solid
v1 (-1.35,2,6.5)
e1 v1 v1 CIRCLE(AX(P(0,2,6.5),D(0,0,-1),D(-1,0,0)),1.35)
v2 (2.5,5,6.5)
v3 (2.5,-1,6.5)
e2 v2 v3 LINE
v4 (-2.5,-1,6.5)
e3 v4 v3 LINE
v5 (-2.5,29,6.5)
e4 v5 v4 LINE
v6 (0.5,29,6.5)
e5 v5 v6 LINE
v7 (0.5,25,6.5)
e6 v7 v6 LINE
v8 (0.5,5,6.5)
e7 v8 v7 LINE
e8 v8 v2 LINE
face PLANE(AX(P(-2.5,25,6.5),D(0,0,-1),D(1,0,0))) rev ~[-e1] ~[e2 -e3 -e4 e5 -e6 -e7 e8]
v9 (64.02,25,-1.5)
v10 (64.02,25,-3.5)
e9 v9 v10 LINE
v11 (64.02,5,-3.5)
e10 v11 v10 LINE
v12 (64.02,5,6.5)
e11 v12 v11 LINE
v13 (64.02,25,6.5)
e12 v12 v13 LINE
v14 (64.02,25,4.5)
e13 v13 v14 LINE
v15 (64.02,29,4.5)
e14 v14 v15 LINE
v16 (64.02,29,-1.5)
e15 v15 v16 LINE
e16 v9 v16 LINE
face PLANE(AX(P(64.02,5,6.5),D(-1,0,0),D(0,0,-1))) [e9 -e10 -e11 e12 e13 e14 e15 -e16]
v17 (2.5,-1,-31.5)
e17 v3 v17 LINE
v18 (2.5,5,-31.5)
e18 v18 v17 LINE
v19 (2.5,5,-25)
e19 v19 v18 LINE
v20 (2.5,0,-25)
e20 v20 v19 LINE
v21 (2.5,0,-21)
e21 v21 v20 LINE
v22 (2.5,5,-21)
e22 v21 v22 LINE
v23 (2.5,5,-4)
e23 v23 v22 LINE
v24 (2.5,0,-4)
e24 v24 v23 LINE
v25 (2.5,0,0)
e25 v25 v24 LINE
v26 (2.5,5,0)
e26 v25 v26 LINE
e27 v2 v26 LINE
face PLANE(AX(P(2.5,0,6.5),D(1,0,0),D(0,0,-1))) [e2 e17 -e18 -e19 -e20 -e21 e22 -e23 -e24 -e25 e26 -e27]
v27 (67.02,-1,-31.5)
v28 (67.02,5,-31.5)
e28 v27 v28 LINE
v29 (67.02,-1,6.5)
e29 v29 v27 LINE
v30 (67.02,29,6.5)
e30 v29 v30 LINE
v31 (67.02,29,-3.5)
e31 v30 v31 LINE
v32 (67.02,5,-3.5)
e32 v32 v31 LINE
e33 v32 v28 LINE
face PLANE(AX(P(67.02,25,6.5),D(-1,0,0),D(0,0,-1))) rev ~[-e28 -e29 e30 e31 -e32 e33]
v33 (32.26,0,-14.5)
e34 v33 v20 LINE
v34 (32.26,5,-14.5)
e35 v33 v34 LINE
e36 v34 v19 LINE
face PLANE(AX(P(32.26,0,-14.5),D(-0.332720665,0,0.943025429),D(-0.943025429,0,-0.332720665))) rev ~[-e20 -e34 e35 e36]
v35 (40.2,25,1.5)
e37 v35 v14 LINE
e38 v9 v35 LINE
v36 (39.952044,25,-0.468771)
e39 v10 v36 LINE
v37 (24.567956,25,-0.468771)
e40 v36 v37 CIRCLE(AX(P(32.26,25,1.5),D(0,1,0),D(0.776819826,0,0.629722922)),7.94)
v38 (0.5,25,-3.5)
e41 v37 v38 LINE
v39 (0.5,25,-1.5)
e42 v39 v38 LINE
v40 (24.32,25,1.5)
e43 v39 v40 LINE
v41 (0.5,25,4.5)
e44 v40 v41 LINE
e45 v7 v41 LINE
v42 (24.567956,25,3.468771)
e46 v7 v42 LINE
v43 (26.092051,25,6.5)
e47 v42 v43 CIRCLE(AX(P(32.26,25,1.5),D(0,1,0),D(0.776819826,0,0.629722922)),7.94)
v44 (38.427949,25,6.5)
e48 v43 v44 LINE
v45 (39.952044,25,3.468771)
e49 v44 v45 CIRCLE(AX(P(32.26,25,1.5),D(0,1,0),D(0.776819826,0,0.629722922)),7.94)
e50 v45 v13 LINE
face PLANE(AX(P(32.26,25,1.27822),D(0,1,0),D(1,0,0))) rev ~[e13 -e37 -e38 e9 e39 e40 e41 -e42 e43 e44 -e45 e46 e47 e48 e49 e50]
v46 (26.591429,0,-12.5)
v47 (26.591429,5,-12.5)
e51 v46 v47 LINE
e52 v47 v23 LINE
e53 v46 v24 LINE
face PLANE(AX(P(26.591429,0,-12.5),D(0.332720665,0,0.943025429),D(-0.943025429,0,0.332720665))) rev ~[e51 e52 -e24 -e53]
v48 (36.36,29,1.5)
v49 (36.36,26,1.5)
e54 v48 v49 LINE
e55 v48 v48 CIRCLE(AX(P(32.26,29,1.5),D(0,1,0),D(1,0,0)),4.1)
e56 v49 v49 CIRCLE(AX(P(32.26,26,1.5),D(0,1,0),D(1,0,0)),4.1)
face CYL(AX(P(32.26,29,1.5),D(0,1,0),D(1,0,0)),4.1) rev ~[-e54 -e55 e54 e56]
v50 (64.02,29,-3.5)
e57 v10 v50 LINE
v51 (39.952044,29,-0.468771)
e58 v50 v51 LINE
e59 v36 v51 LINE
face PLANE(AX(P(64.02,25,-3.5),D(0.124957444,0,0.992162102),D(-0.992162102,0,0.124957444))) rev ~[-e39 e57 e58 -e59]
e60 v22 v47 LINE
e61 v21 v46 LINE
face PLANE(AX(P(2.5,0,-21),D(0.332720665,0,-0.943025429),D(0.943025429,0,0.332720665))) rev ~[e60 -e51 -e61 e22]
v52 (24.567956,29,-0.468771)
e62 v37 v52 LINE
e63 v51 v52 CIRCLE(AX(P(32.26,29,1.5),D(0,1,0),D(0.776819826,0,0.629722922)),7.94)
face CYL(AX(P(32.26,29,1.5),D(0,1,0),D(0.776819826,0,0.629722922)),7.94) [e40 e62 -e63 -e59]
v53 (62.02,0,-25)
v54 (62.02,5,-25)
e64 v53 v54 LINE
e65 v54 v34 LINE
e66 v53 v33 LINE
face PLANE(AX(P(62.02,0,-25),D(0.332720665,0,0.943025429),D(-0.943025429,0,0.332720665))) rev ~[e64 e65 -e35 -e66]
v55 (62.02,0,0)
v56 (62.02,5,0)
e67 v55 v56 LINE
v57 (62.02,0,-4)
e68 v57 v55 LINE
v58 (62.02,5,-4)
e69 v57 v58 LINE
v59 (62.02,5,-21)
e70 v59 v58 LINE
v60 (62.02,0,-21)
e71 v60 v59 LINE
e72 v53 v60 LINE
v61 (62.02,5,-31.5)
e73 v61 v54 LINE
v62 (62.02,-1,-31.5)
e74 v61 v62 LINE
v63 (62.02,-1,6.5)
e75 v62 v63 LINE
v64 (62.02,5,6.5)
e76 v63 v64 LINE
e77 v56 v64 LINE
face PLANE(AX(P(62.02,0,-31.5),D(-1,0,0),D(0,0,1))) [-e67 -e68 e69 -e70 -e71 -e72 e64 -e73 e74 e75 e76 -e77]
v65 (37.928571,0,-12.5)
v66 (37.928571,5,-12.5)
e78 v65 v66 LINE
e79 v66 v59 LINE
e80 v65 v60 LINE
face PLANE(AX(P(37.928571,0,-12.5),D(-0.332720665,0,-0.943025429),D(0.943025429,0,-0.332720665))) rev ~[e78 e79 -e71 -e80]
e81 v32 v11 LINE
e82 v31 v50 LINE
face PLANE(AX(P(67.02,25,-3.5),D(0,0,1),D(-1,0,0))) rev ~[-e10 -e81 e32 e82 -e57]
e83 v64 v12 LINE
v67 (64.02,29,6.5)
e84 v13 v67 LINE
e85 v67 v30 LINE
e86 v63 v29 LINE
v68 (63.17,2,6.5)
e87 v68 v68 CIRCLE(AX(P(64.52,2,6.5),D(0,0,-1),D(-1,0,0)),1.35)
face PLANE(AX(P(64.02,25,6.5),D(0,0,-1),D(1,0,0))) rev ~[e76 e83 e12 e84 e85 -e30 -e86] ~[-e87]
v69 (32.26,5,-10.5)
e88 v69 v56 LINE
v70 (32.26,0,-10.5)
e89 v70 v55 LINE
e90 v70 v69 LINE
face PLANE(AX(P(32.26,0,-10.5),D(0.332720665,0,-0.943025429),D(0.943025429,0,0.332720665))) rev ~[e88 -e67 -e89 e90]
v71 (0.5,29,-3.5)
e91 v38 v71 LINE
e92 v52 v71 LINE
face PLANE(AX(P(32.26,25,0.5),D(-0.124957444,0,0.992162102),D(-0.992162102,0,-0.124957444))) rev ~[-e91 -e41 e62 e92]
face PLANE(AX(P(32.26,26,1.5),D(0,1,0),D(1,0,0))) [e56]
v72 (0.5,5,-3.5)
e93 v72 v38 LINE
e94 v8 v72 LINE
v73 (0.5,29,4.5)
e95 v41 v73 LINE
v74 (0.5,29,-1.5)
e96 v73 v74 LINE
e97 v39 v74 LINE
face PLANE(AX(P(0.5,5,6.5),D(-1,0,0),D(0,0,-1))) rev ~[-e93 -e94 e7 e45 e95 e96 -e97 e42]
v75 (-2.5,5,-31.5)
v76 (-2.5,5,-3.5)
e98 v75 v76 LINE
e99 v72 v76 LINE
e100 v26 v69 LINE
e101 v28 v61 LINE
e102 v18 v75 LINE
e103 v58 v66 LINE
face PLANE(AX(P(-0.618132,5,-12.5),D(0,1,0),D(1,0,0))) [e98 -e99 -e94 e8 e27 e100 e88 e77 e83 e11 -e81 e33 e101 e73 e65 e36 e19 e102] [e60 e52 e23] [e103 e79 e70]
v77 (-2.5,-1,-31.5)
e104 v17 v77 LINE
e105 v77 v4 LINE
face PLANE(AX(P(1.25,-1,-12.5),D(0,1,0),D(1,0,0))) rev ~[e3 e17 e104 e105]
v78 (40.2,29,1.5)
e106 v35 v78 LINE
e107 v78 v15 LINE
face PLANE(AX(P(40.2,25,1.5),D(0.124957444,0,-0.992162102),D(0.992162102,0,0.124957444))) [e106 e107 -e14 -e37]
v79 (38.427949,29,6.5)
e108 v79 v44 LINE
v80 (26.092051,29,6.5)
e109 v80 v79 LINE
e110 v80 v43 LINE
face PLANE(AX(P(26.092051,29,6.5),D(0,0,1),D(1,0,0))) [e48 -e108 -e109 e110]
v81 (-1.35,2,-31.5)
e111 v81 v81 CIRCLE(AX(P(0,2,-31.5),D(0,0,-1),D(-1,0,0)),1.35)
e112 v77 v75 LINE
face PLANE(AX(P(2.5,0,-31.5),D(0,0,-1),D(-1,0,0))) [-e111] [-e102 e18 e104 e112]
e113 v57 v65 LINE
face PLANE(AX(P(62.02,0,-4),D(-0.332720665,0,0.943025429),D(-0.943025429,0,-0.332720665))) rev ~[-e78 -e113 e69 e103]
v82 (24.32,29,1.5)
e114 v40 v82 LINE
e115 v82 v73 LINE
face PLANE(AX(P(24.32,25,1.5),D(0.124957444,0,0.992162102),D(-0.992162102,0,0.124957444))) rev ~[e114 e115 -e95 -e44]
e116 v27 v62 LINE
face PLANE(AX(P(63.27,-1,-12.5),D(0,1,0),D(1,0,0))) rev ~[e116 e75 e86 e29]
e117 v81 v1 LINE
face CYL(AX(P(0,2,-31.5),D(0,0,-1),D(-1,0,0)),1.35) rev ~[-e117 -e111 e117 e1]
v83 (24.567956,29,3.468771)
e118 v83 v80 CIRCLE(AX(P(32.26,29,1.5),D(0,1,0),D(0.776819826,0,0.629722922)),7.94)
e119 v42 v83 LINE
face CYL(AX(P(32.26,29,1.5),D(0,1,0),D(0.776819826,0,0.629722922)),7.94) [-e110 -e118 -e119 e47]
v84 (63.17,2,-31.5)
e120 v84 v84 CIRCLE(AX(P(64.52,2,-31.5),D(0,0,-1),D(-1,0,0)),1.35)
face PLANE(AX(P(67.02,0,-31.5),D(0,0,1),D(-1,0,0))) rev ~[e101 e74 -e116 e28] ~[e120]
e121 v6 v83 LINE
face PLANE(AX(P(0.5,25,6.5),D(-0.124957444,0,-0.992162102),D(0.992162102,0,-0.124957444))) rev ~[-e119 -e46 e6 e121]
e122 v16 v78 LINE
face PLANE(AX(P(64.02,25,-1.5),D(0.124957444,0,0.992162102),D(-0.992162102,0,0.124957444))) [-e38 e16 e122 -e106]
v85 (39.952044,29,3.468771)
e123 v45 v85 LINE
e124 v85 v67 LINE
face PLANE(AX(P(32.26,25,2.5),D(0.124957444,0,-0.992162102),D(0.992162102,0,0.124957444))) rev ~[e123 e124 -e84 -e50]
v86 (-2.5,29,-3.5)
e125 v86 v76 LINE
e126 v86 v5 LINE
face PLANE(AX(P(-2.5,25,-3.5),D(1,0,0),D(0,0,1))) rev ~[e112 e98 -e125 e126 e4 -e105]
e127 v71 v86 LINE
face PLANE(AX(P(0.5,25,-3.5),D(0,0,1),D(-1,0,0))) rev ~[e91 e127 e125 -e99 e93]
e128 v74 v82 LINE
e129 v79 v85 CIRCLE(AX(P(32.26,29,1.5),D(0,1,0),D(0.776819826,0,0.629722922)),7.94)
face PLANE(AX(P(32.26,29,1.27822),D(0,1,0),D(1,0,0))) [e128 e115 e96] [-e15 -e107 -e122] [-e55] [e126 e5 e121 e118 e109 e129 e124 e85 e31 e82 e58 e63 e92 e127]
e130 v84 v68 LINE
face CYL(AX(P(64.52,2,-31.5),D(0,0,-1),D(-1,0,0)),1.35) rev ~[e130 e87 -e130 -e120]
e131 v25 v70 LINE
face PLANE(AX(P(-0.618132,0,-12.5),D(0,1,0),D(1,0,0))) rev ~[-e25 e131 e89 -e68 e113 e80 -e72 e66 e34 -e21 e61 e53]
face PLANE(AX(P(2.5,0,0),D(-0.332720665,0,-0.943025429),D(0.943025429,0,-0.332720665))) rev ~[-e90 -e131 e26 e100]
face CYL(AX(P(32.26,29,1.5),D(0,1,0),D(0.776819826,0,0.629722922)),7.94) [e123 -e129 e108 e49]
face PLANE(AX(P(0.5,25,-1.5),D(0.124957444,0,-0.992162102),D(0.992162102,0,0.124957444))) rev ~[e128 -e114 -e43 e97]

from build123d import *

# Parameters (mm, degrees)
BOSS_EXTRUDE1_DEPTH     = 5
BOSS_EXTRUDE2_DEPTH     = 1
SKETCH2_R               = 1.35
CUT_EXTRUDE1_DEPTH      = 39
BOSS_EXTRUDE3_START     = -6
SKETCH3_W               = 3
SKETCH3_H               = 10
BOSS_EXTRUDE3_DEPTH     = 20
BOSS_EXTRU_1_DEPTH      = 4
BOSS_EXTRU_2_DEPTH      = 4
ESQUISSE2_R             = 4.1
ENL_V_MAT_EXTRU_1_DEPTH = 3


with BuildPart() as part:
    # Sketch1 → Boss-Extrude1 (new body)
    with BuildSketch(Plane(origin=(0, 0, 0), x_dir=(1, 0, 0), z_dir=(0, 1, 0))):
        Polygon((2.5, 0), (0, 0), (0, 25), (2.5, 25), (2.5, 31.5), (-2.5, 31.5), (-2.5, -6.5), (2.5, -6.5), align=None)
        Polygon((0, 25), (0, 0), (2.5, 0), (2.5, 4), (2.5, 21), (2.5, 25), align=None)
        Polygon((32.26, 14.5), (2.5, 25), (2.5, 21), (26.591428571, 12.5), align=None)
        Polygon((26.591428571, 12.5), (32.26, 10.5), (37.928571429, 12.5), (32.26, 14.5), align=None)
        Polygon((32.26, 14.5), (37.928571429, 12.5), (62.02, 21), (62.02, 25), align=None)
        Polygon((2.5, 4), (2.5, 0), (32.26, 10.5), (26.591428571, 12.5), align=None)
        Polygon((32.26, 10.5), (62.02, 0), (62.02, 4), (37.928571429, 12.5), align=None)
        Polygon((64.52, 0), (62.02, 0), (62.02, -6.5), (67.02, -6.5), (67.02, 31.5), (62.02, 31.5), (62.02, 25), (64.52, 25), align=None)
        Polygon((62.02, 4), (62.02, 0), (64.52, 0), (64.52, 25), (62.02, 25), (62.02, 21), align=None)
    extrude(amount=BOSS_EXTRUDE1_DEPTH)

    # Sketch1<3> → Boss-Extrude2 (add)
    with BuildSketch(Plane(origin=(0, 0, 0), x_dir=(1, 0, 0), z_dir=(0, 1, 0))):
        Polygon((0, 25), (0, 0), (2.5, 0), (2.5, 4), (2.5, 21), (2.5, 25), align=None)
        Polygon((2.5, 0), (0, 0), (0, 25), (2.5, 25), (2.5, 31.5), (-2.5, 31.5), (-2.5, -6.5), (2.5, -6.5), align=None)
        Polygon((62.02, 4), (62.02, 0), (64.52, 0), (64.52, 25), (62.02, 25), (62.02, 21), align=None)
        Polygon((64.52, 0), (62.02, 0), (62.02, -6.5), (67.02, -6.5), (67.02, 31.5), (62.02, 31.5), (62.02, 25), (64.52, 25), align=None)
    extrude(amount=-BOSS_EXTRUDE2_DEPTH)

    # Sketch2 → Cut-Extrude1 (cut, through all)
    with BuildSketch(Plane(origin=(0, 0, -31.5), x_dir=(-1, 0, 0), z_dir=(0, 0, -1))):
        with Locations((0, 2)):
            Circle(SKETCH2_R)
        with Locations((-64.52, 2)):
            Circle(SKETCH2_R)
    extrude(amount=-CUT_EXTRUDE1_DEPTH, mode=Mode.SUBTRACT)

    # Sketch3 → Boss-Extrude3 (add)
    with BuildSketch(Plane(origin=(0, -1, 0), x_dir=(-1, 0, 0), z_dir=(0, -1, 0)).offset(BOSS_EXTRUDE3_START)):
        with Locations((1, -1.5)):
            Rectangle(SKETCH3_W, SKETCH3_H)
        with Locations((-65.52, -1.5)):
            Rectangle(SKETCH3_W, SKETCH3_H)
    extrude(amount=-BOSS_EXTRUDE3_DEPTH)

    # Sketch4 → Boss.-Extru.1 (add)
    with BuildSketch(Plane(origin=(0, 25, 0), x_dir=(-1, 0, 0), z_dir=(0, -1, 0))):
        Polygon((-0.5, -6.5), (-32.26, -2.5), (-64.02, -6.5), (-67.02, -6.5), (-67.02, 3.5), (-64.02, 3.5), (-32.26, -0.5), (-0.5, 3.5), (2.5, 3.5), (2.5, -6.5), align=None)
        Polygon((-0.5, 1.5), (-24.32, -1.5), (-0.5, -4.5), align=None, mode=Mode.SUBTRACT)
        Polygon((-40.2, -1.5), (-64.02, -4.5), (-64.02, 1.5), align=None, mode=Mode.SUBTRACT)
    extrude(amount=-BOSS_EXTRU_1_DEPTH)

    # Esquisse1 → Boss.-Extru.2 (add)
    with BuildSketch(Plane(origin=(0, 29, 0), x_dir=(1, 0, 0), z_dir=(0, 1, 0))):
        with BuildLine():
            Line((26.092050584, -6.5), (38.427949416, -6.5))
            ThreePointArc((38.427949416, -6.5), (32.26, 6.44), (26.092050584, -6.5))
        make_face()
    extrude(amount=-BOSS_EXTRU_2_DEPTH)

    # Esquisse2 → Enlèv. mat.-Extru.1 (cut)
    with BuildSketch(Plane(origin=(0, 29, 0), x_dir=(1, 0, 0), z_dir=(0, 1, 0))):
        with Locations((32.26, -1.5)):
            Circle(ESQUISSE2_R)
    extrude(amount=-ENL_V_MAT_EXTRU_1_DEPTH, mode=Mode.SUBTRACT)


solid = part.part
